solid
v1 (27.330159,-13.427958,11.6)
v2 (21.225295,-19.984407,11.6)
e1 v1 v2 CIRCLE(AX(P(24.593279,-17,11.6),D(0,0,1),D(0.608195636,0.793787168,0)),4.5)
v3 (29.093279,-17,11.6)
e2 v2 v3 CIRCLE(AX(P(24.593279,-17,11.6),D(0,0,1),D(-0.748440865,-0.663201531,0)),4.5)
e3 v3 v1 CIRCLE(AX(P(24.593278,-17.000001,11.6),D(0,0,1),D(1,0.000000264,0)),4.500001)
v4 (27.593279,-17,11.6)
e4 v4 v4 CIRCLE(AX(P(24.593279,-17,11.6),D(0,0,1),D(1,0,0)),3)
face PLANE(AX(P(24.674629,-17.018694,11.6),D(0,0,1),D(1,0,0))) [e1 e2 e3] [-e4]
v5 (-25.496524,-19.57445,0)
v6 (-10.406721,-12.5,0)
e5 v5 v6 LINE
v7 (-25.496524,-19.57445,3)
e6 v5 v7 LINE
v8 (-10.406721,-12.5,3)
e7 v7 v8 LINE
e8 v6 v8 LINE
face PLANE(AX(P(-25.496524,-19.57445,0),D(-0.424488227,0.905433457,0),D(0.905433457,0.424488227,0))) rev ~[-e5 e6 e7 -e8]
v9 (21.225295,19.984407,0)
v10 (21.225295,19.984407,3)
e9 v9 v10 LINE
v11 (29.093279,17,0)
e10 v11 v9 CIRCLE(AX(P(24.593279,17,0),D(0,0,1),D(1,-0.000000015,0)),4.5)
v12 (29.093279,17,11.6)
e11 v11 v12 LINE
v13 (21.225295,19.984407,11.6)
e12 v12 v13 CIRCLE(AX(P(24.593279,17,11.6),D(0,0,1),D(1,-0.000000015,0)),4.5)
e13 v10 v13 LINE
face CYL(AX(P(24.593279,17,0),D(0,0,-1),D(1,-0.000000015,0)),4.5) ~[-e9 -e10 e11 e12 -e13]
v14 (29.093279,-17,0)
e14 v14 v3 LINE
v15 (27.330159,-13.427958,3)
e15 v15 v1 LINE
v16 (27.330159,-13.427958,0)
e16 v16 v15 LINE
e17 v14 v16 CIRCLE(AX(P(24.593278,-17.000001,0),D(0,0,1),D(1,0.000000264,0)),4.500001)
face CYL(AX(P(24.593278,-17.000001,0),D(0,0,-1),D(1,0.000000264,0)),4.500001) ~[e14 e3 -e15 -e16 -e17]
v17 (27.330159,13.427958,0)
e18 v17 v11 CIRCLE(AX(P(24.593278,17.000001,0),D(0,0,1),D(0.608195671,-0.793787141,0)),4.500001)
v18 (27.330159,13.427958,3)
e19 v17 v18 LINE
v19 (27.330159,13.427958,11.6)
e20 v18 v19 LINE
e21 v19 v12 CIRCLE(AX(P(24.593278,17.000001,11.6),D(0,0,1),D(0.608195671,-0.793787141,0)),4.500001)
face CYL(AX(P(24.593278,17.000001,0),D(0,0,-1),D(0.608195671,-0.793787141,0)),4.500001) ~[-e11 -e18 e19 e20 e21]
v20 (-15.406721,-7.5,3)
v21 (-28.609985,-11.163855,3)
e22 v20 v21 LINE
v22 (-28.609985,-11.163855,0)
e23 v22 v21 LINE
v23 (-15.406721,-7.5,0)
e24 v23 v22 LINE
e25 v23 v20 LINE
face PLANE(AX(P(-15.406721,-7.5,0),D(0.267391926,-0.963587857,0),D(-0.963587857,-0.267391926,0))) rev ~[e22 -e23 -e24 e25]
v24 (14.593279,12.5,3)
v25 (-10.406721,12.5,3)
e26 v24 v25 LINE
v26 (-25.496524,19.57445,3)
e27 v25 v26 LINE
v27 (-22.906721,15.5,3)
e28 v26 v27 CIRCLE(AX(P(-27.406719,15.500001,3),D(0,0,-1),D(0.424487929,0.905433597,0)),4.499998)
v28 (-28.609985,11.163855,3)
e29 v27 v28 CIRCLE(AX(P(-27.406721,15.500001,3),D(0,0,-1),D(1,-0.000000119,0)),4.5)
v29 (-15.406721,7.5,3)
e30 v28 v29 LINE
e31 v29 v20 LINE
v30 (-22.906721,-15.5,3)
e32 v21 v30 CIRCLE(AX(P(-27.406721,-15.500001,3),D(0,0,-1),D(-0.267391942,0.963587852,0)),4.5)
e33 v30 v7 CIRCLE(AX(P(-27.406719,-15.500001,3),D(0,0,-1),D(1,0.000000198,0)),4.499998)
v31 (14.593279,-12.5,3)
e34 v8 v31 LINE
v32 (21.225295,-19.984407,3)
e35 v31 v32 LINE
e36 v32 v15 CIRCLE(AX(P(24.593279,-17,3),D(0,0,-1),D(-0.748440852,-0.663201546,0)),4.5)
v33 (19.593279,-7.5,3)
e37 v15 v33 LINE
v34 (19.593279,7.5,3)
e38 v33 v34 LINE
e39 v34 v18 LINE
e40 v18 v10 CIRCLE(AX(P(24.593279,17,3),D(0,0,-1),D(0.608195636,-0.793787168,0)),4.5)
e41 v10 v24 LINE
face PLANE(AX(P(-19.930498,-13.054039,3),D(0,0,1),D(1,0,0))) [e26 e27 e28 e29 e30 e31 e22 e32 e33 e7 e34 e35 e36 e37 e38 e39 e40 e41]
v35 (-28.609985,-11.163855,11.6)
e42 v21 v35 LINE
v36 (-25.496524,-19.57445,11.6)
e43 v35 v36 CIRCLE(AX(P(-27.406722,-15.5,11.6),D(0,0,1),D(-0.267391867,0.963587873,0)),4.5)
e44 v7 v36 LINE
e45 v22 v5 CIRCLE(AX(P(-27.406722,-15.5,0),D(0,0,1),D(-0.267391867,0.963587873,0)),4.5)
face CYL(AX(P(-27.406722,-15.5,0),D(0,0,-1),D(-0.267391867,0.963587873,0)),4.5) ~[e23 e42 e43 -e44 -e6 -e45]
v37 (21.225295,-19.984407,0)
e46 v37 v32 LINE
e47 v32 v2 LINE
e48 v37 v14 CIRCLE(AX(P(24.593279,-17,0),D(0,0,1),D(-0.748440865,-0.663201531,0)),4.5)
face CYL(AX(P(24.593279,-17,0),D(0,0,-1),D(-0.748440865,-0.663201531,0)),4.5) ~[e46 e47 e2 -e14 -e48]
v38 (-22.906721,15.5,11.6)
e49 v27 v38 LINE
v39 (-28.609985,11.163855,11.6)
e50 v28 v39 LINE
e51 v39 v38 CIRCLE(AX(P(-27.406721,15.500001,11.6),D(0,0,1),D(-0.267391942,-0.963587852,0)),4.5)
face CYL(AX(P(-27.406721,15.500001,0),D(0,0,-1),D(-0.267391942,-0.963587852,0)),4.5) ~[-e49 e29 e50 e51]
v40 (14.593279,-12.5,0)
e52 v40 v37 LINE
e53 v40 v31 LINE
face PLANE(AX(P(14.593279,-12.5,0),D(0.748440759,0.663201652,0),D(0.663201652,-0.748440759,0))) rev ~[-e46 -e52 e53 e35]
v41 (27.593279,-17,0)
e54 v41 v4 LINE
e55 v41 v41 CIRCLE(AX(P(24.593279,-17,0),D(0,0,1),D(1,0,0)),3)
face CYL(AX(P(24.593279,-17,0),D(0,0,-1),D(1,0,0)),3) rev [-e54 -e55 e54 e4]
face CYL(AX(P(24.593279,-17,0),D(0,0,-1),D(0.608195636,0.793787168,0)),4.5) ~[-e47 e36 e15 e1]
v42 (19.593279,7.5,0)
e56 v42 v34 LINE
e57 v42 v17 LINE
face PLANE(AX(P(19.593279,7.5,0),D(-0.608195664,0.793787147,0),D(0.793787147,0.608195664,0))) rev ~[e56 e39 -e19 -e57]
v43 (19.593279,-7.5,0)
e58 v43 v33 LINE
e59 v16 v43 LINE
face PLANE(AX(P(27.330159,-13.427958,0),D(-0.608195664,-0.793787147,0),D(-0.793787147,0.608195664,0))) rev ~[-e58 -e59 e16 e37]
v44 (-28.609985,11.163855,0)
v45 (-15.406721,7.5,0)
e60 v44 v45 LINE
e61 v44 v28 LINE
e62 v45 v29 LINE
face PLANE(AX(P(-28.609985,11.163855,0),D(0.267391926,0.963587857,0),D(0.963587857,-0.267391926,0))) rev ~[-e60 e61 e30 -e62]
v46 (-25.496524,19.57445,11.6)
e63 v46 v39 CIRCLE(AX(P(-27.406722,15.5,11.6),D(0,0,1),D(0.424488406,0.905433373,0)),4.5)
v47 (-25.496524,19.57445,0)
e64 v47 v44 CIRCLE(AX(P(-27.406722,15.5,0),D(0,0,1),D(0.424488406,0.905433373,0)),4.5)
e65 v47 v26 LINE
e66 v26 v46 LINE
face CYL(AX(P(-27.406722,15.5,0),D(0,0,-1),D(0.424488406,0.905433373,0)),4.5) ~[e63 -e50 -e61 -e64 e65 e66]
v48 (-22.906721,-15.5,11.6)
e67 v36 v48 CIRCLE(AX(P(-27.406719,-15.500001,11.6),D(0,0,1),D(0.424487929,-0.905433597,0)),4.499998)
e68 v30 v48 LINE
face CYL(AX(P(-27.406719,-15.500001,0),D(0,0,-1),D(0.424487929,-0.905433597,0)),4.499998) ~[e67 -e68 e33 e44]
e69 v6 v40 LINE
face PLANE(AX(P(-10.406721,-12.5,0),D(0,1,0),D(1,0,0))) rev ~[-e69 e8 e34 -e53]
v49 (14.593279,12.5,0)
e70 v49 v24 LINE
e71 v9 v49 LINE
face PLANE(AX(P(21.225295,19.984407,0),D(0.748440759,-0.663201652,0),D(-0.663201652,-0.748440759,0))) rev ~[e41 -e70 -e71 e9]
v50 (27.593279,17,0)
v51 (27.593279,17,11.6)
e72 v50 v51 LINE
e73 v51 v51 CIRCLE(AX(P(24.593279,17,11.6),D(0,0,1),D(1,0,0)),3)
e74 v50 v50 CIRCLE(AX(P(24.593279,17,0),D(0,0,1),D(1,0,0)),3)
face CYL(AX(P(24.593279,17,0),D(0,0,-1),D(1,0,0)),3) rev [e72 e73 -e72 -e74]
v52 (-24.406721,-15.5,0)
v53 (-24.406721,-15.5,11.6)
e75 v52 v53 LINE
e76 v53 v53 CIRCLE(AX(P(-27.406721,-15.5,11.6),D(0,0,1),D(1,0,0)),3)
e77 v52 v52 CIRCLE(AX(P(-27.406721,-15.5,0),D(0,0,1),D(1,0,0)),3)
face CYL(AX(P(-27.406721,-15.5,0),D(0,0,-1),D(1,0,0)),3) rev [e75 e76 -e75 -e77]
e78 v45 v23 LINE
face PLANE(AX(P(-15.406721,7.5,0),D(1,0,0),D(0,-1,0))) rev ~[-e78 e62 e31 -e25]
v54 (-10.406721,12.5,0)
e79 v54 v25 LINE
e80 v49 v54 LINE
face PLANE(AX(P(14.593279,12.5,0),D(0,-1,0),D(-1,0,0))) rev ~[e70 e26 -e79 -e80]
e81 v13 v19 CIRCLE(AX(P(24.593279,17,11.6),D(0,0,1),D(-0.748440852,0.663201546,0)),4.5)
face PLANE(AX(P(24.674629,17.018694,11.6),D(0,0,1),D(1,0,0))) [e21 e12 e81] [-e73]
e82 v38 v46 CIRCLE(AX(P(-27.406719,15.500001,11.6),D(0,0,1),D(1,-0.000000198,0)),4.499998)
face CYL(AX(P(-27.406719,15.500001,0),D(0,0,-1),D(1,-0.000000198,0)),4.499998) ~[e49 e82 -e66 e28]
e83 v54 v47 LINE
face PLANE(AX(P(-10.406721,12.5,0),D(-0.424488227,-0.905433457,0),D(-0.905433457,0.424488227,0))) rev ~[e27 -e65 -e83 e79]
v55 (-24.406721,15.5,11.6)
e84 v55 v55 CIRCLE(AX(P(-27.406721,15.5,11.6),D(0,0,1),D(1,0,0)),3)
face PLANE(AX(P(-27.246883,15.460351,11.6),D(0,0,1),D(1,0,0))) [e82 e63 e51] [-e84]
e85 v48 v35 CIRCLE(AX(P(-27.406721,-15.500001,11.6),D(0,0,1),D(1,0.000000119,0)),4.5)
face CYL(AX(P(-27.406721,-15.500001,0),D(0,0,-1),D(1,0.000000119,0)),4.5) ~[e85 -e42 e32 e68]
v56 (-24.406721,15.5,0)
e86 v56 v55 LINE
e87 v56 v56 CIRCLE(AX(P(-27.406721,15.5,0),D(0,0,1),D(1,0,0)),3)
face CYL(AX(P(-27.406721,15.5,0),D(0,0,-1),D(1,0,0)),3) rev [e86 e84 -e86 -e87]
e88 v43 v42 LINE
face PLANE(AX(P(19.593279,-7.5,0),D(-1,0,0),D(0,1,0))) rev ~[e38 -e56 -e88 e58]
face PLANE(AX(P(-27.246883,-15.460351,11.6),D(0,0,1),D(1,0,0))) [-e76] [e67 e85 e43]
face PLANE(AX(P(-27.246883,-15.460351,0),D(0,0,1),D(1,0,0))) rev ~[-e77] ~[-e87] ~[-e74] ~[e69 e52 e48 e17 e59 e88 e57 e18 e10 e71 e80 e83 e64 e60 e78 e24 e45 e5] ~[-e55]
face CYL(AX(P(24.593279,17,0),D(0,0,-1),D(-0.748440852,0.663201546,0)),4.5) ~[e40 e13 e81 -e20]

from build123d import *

# Parameters (mm, degrees)
F1_DEPTH = 3
F0_R     = 3
F2_DEPTH = 11.6


with BuildPart() as f1:
    # F0 (on Top) → F1 (new body)
    with BuildSketch(Plane.XY):
        with BuildLine():
            Line((-15.406721, -12.5), (-15.406721, -7.5))
            Line((-15.406721, -7.5), (-28.609985, -11.163855))
            ThreePointArc((-28.609985, -11.163855), (-24.683184, -11.917774), (-22.906721, -15.5))
            ThreePointArc((-22.906721, -15.5), (-23.608966, -17.91393), (-25.496524, -19.57445))
            Line((-25.496524, -19.57445), (-10.406721, -12.5))
            Line((-10.406721, -12.5), (-15.406721, -12.5))
        make_face()
        Polygon((14.593279, 12.5), (-10.406721, 12.5), (-15.406721, 12.5), (-15.406721, 7.5), (-15.406721, -7.5), (-15.406721, -12.5), (-10.406721, -12.5), (14.593279, -12.5), (19.593279, -12.5), (19.593279, -7.5), (19.593279, 7.5), (19.593279, 12.5), align=None)
        with BuildLine():
            ThreePointArc((-25.496524, 19.57445), (-23.608966, 17.91393), (-22.906721, 15.5))
            ThreePointArc((-22.906721, 15.5), (-24.683184, 11.917774), (-28.609985, 11.163855))
            Line((-28.609985, 11.163855), (-15.406721, 7.5))
            Line((-15.406721, 7.5), (-15.406721, 12.5))
            Line((-15.406721, 12.5), (-10.406721, 12.5))
            Line((-10.406721, 12.5), (-25.496524, 19.57445))
        make_face()
        with BuildLine():
            Line((27.330159, -13.427958), (19.593279, -7.5))
            Line((19.593279, -7.5), (19.593279, -12.5))
            Line((19.593279, -12.5), (14.593279, -12.5))
            Line((14.593279, -12.5), (21.225295, -19.984407))
            ThreePointArc((21.225295, -19.984407), (21.299902, -13.93346), (27.330159, -13.427958))
        make_face()
        with BuildLine():
            Line((21.225295, 19.984407), (14.593279, 12.5))
            Line((14.593279, 12.5), (19.593279, 12.5))
            Line((19.593279, 12.5), (19.593279, 7.5))
            Line((19.593279, 7.5), (27.330159, 13.427958))
            ThreePointArc((27.330159, 13.427958), (21.299902, 13.93346), (21.225295, 19.984407))
        make_face()
    extrude(amount=F1_DEPTH)

    # F0 (on Top) → F2 (join)
    with BuildSketch(Plane.XY):
        with BuildLine():
            ThreePointArc((-22.906721, -15.5), (-24.683184, -11.917774), (-28.609985, -11.163855))
            ThreePointArc((-28.609985, -11.163855), (-31.626848, -17.06222), (-25.496524, -19.57445))
            ThreePointArc((-25.496524, -19.57445), (-23.608966, -17.91393), (-22.906721, -15.5))
        make_face()
        with Locations((-27.406721, -15.5)):
            Circle(F0_R, mode=Mode.SUBTRACT)
        with BuildLine():
            ThreePointArc((29.093279, -17), (28.628496, -15.008262), (27.330159, -13.427958))
            ThreePointArc((27.330159, -13.427958), (21.299902, -13.93346), (21.225295, -19.984407))
            ThreePointArc((21.225295, -19.984407), (26.189223, -21.207489), (29.093279, -17))
        make_face()
        with Locations((24.593279, -17)):
            Circle(F0_R, mode=Mode.SUBTRACT)
        with BuildLine():
            ThreePointArc((29.093279, 17), (26.189223, 21.207489), (21.225295, 19.984407))
            ThreePointArc((21.225295, 19.984407), (21.299902, 13.93346), (27.330159, 13.427958))
            ThreePointArc((27.330159, 13.427958), (28.628496, 15.008262), (29.093279, 17))
        make_face()
        with Locations((24.593279, 17)):
            Circle(F0_R, mode=Mode.SUBTRACT)
        with BuildLine():
            ThreePointArc((-28.609985, 11.163855), (-24.683184, 11.917774), (-22.906721, 15.5))
            ThreePointArc((-22.906721, 15.5), (-23.608966, 17.91393), (-25.496524, 19.57445))
            ThreePointArc((-25.496524, 19.57445), (-31.626848, 17.06222), (-28.609985, 11.163855))
        make_face()
        with Locations((-27.406721, 15.5)):
            Circle(F0_R, mode=Mode.SUBTRACT)
    extrude(amount=F2_DEPTH)


solid = f1.part
